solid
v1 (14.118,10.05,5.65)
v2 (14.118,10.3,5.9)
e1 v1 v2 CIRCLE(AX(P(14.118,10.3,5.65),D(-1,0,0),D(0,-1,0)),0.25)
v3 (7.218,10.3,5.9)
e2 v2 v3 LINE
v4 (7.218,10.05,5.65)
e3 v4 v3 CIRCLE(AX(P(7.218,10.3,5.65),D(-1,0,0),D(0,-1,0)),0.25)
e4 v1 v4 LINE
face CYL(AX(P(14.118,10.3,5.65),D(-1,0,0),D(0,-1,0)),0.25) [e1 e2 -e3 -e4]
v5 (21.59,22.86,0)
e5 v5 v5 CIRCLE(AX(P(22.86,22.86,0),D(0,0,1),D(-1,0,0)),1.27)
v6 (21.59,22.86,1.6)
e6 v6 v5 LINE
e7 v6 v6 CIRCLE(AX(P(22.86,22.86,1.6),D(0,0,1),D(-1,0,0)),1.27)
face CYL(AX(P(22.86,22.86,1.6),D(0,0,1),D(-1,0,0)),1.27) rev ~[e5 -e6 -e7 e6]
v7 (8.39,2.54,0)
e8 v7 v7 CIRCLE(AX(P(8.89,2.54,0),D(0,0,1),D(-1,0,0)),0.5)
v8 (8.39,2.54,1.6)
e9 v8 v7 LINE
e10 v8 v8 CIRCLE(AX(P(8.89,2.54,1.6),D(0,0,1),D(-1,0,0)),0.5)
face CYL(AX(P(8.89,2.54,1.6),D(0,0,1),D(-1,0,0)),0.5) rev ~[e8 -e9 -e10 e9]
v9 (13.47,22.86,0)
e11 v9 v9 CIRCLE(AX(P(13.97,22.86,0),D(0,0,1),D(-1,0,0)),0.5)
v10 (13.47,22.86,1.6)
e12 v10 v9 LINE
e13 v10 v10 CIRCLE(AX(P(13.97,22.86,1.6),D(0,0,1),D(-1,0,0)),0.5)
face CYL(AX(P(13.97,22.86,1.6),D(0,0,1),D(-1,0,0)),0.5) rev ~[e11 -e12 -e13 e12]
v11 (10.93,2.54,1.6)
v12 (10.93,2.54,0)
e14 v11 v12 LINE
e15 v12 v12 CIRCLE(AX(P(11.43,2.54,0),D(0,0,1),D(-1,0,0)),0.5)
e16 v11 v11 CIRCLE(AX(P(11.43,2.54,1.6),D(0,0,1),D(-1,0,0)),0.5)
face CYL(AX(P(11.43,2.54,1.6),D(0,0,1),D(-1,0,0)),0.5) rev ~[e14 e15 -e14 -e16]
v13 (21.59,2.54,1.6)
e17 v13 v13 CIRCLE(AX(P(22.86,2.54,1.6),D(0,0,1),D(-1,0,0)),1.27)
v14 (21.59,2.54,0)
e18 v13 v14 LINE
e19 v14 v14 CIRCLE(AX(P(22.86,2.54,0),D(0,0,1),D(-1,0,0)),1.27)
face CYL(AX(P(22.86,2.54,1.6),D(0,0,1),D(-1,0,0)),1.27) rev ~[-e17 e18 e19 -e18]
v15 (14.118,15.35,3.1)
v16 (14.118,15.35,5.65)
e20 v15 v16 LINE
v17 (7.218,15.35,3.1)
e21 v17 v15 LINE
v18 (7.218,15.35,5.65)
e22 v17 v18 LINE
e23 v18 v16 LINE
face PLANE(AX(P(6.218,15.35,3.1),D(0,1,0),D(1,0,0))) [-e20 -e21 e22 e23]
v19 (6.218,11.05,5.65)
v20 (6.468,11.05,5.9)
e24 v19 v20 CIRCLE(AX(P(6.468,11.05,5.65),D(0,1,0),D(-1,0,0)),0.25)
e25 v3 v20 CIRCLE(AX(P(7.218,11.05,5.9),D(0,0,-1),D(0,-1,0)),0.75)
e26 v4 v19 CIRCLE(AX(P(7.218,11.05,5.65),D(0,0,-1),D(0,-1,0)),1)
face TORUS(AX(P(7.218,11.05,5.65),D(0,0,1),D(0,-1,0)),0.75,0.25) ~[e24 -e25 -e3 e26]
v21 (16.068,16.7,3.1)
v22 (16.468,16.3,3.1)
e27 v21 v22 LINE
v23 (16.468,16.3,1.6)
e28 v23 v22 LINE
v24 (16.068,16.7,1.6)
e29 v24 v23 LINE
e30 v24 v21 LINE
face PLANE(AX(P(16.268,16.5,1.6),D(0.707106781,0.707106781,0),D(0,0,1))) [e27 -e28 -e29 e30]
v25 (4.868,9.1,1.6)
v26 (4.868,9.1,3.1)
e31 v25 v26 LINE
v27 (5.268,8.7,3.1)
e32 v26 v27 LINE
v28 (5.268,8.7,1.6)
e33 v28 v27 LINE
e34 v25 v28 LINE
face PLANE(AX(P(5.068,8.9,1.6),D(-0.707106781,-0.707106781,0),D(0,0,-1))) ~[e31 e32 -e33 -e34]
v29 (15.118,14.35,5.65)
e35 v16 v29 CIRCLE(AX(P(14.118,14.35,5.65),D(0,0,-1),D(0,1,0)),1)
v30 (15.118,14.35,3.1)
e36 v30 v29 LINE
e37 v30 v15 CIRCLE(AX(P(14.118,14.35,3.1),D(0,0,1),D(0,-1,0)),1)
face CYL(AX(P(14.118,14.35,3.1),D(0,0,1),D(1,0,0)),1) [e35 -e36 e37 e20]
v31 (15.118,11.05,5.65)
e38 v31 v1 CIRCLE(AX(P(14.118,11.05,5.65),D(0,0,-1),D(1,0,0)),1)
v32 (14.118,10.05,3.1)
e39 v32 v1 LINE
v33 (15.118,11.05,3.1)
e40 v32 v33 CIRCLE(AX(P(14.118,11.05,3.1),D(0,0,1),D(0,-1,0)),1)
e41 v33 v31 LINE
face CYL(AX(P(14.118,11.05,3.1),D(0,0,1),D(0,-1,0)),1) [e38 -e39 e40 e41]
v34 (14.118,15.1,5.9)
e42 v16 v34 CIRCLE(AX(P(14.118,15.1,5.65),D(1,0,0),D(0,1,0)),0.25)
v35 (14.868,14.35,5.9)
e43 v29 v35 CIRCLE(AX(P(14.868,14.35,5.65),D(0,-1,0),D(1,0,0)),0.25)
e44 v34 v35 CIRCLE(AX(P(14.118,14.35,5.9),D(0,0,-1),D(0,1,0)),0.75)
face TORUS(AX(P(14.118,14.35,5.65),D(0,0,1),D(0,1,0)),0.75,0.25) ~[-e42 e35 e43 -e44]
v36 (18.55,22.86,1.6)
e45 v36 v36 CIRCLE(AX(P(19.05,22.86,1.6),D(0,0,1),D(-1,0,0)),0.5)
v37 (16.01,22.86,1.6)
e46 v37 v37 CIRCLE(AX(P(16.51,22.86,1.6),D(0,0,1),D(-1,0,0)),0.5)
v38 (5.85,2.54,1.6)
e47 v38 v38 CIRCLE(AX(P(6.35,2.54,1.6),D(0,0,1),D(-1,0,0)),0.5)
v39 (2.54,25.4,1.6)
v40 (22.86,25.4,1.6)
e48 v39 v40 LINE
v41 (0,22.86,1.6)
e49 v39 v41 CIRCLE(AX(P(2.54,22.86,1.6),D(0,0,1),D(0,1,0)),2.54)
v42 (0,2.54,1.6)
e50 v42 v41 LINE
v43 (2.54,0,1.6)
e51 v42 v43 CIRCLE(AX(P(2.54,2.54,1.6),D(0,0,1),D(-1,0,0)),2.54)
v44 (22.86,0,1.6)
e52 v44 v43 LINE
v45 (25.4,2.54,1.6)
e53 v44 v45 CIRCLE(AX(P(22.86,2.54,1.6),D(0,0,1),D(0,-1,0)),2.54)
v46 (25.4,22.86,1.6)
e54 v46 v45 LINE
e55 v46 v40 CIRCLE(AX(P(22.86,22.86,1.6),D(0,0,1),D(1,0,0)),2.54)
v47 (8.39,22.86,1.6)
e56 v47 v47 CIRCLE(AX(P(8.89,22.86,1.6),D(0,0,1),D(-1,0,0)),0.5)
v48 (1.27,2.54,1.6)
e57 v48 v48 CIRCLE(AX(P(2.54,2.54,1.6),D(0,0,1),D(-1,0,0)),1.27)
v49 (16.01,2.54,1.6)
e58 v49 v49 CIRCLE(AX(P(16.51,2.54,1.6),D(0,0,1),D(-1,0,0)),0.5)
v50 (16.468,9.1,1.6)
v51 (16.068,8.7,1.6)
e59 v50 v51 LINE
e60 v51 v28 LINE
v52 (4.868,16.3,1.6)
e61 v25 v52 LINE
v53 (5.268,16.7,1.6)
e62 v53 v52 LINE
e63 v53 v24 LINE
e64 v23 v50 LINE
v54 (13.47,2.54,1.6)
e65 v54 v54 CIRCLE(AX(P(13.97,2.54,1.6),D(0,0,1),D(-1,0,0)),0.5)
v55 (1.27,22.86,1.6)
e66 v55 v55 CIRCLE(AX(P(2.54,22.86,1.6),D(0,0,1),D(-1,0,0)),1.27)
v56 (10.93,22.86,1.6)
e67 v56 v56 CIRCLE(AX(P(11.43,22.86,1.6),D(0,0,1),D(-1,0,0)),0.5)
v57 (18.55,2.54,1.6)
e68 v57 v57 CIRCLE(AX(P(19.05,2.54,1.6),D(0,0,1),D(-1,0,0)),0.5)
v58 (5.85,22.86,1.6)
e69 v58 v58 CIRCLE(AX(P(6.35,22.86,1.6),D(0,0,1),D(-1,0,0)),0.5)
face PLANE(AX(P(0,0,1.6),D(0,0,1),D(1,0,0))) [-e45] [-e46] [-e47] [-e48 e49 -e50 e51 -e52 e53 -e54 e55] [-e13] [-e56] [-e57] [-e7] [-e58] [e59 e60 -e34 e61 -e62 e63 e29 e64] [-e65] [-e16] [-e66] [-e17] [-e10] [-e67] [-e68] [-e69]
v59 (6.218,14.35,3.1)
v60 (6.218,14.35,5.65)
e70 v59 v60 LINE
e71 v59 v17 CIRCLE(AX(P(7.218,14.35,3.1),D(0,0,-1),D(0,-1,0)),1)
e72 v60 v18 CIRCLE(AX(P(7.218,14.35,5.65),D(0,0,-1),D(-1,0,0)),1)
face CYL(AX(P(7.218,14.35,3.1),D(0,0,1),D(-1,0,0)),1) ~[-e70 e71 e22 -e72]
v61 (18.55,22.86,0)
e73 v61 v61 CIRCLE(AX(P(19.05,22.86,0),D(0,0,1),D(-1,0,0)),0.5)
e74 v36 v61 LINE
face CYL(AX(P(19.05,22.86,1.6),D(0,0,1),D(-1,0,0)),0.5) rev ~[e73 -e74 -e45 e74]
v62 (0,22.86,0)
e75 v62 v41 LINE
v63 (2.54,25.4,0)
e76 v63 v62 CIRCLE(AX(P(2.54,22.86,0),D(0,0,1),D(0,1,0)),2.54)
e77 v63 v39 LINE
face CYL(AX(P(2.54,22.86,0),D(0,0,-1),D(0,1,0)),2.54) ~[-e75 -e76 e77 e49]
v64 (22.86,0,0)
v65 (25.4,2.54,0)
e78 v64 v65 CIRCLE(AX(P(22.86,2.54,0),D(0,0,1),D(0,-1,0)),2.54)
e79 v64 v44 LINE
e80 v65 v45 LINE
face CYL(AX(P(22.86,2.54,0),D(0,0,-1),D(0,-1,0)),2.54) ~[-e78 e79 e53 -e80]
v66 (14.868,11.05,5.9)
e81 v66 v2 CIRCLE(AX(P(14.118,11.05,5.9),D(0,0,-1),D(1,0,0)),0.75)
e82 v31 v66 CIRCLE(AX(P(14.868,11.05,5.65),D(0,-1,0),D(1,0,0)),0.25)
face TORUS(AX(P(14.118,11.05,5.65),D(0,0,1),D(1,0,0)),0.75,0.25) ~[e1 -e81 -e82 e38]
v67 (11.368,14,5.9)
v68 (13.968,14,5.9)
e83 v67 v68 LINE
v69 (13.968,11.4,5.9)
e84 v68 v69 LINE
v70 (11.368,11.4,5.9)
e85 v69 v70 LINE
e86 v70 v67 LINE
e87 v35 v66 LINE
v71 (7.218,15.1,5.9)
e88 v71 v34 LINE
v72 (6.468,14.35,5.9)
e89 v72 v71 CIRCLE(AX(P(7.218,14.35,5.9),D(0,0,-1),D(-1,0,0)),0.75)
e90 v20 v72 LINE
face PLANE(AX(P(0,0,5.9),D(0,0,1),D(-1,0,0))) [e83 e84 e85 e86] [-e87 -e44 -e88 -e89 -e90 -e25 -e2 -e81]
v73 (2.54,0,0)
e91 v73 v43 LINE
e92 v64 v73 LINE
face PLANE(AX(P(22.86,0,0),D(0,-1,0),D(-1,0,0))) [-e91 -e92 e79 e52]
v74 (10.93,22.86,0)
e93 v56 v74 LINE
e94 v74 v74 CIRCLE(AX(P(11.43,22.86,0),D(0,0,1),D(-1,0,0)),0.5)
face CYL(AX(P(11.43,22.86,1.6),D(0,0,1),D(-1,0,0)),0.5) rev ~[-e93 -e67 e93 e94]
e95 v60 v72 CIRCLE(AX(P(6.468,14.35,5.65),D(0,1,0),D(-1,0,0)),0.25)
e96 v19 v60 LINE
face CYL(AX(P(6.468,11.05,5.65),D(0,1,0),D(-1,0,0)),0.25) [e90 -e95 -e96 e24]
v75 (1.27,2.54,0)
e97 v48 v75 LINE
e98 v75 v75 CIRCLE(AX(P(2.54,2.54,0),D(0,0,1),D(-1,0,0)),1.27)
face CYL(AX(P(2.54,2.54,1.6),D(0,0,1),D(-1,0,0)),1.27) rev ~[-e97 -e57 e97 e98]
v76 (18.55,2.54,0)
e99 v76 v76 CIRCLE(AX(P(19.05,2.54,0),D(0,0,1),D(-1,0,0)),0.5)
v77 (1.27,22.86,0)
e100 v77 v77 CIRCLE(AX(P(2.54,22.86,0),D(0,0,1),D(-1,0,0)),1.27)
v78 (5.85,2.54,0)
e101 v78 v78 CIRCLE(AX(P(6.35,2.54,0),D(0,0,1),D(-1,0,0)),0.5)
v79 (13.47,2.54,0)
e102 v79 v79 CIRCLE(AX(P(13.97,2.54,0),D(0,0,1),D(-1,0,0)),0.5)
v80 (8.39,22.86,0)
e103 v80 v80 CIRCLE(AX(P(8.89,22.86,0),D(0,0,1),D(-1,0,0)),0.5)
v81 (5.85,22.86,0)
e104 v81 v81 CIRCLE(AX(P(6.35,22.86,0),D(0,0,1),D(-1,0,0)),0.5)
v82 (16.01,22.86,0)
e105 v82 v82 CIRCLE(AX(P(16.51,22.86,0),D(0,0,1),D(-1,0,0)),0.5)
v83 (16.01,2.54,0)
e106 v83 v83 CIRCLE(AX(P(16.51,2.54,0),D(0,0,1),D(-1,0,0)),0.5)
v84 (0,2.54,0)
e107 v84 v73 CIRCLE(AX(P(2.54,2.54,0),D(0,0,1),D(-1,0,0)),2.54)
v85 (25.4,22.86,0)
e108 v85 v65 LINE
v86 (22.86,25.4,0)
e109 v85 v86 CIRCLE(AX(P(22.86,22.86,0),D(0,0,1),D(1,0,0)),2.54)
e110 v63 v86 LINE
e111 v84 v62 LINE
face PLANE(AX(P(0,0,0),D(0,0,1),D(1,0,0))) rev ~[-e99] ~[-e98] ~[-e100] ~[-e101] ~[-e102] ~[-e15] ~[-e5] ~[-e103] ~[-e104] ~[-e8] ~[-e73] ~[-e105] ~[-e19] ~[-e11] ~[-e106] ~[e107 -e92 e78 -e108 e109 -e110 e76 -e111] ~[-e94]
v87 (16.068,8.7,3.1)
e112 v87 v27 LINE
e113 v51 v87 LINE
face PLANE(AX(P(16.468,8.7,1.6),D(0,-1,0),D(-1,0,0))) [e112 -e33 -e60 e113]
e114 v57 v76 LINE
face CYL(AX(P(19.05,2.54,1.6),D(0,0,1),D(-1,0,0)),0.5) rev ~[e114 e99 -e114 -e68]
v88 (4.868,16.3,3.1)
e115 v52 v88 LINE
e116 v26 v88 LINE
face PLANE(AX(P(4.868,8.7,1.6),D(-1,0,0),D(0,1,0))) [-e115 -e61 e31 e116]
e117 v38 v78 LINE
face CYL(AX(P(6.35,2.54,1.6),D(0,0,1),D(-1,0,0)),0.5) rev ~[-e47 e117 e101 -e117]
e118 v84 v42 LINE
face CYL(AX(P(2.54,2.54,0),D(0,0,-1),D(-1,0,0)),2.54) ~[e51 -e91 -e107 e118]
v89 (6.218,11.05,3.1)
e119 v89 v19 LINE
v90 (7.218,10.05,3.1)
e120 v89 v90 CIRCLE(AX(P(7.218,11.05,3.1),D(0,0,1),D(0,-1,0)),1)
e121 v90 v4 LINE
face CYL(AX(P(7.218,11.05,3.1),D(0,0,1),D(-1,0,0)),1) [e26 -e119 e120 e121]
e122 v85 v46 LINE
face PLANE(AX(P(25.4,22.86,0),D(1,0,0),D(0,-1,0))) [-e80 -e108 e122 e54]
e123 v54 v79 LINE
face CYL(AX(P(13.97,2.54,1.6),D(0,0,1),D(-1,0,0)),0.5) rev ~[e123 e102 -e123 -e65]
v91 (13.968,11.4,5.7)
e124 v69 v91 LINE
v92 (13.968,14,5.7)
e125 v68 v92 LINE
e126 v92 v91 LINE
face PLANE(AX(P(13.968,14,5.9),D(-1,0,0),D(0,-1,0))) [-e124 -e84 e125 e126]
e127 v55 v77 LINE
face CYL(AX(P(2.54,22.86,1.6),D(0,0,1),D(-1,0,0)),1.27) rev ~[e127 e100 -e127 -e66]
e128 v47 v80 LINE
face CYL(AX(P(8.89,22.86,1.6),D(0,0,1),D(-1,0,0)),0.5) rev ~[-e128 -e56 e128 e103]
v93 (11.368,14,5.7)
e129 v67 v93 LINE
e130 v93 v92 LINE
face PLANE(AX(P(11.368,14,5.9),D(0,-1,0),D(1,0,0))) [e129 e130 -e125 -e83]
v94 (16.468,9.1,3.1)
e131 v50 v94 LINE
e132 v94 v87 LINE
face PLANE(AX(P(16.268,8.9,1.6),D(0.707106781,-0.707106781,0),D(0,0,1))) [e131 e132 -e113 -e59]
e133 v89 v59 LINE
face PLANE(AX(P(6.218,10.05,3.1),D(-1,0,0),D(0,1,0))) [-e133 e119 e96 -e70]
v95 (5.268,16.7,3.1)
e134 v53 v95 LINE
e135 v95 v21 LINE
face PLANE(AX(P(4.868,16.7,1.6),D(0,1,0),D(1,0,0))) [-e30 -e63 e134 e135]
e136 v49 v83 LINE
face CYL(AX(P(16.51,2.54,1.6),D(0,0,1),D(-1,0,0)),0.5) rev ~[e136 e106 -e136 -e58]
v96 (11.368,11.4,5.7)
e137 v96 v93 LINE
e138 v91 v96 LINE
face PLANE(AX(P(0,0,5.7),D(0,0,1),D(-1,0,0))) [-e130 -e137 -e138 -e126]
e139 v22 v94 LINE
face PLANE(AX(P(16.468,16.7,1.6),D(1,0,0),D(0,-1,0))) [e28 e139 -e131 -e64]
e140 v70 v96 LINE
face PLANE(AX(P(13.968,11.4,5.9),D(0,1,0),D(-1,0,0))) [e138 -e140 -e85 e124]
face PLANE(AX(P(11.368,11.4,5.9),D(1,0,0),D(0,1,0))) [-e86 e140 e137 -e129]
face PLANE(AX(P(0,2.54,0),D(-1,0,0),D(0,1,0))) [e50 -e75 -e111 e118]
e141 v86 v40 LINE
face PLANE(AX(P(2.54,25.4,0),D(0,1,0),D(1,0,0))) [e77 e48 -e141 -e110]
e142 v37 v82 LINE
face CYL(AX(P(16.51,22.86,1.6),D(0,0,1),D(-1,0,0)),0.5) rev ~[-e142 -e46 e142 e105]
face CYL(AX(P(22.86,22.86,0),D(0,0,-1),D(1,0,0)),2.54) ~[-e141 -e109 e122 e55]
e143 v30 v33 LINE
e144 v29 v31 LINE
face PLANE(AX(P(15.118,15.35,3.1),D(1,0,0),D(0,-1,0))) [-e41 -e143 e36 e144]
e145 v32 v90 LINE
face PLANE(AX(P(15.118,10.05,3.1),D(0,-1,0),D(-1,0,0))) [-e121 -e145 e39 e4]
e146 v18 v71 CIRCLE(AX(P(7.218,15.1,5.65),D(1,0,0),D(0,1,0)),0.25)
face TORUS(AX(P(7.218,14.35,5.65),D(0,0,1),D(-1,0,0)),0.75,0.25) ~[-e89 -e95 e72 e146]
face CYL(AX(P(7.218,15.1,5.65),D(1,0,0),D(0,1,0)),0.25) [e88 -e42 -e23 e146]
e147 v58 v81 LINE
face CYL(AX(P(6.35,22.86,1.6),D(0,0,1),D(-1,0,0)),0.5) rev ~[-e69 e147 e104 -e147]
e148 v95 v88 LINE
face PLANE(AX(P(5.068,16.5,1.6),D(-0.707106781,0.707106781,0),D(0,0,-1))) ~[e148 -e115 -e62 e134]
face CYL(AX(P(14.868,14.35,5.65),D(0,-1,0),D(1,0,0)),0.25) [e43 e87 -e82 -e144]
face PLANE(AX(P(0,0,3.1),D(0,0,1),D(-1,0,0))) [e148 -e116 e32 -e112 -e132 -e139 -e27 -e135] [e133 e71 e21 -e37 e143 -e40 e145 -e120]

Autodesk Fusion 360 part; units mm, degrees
sketch "AMG8833_REV-B" plane through (0, 0, 0) normal (0, 0, 1) x (1, 0, 0)
  arc A0 (2.54, 25.4) -> (0, 22.86) centre (2.54, 22.86) ccw
  line L0 (2.54, 25.4) -> (22.86, 25.4)
  line L1 (22.86, 0) -> (2.54, 0)
  arc A1 (0, 2.54) -> (2.54, 0) centre (2.54, 2.54) ccw
  line L2 (0, 2.54) -> (0, 22.86)
  arc A2 (22.86, 0) -> (25.4, 2.54) centre (22.86, 2.54) ccw
  arc A3 (25.4, 22.86) -> (22.86, 25.4) centre (22.86, 22.86) ccw
  line L3 (25.4, 22.86) -> (25.4, 2.54)
  circle A4 centre (2.54, 22.86) radius 1.758
  circle A5 centre (8.89, 2.54) radius 0.889
  circle A6 centre (2.54, 22.86) radius 1.758
  circle A7 centre (11.43, 2.54) radius 0.889
  circle A8 centre (22.86, 22.86) radius 1.758
  circle A9 centre (22.86, 2.54) radius 1.758
  circle A10 centre (6.35, 2.54) radius 0.889
  circle A11 centre (22.86, 2.54) radius 1.758
  circle A12 centre (11.43, 2.54) radius 0.889
  circle A13 centre (16.51, 22.86) radius 0.889
  circle A14 centre (13.97, 22.86) radius 0.889
  circle A15 centre (6.35, 22.86) radius 0.889
  circle A16 centre (6.35, 22.86) radius 0.889
  circle A17 centre (2.54, 2.54) radius 1.758
  circle A18 centre (19.05, 22.86) radius 0.889
  circle A19 centre (8.89, 22.86) radius 0.889
  circle A20 centre (11.43, 22.86) radius 0.889
  circle A21 centre (11.43, 22.86) radius 0.889
  circle A22 centre (13.97, 2.54) radius 0.889
  circle A23 centre (16.51, 2.54) radius 0.889
  circle A24 centre (16.51, 2.54) radius 0.889
  circle A25 centre (19.05, 22.86) radius 0.889
  circle A26 centre (16.51, 22.86) radius 0.889
  circle A27 centre (13.97, 22.86) radius 0.889
  circle A28 centre (8.89, 22.86) radius 0.889
  circle A29 centre (6.35, 2.54) radius 0.889
  circle A30 centre (19.05, 2.54) radius 0.889
  circle A31 centre (8.89, 2.54) radius 0.889
  circle A32 centre (13.97, 2.54) radius 0.889
  circle A33 centre (22.86, 22.86) radius 1.758
  circle A34 centre (2.54, 2.54) radius 1.758
  circle A35 centre (19.05, 2.54) radius 0.889
extrude "Extrude2" add sketch "AMG8833_REV-B" along normal blind 1.6
sketch "holes" plane through (0, 0, 1.6) normal (0, 0, 1) x (-1, 0, 0)
  circle A0 centre (-19.05, -2.54) radius 0.889
  circle A1 centre (-6.35, -22.86) radius 0.889
  circle A2 centre (-2.54, -2.54) radius 1.758
  circle A3 centre (-13.97, -22.86) radius 0.889
  circle A4 centre (-19.05, -22.86) radius 0.889
  circle A5 centre (-22.86, -2.54) radius 1.758
  circle A6 centre (-22.86, -22.86) radius 1.758
  circle A7 centre (-6.35, -2.54) radius 0.889
  circle A8 centre (-16.51, -2.54) radius 0.889
  circle A9 centre (-2.54, -22.86) radius 1.758
  circle A10 centre (-13.97, -2.54) radius 0.889
  circle A11 centre (-8.89, -2.54) radius 0.889
  circle A12 centre (-8.89, -22.86) radius 0.889
  circle A13 centre (-11.43, -22.86) radius 0.889
  circle A14 centre (-11.43, -2.54) radius 0.889
  circle A15 centre (-16.51, -22.86) radius 0.889
  arc A16 (-2.54, -25.4) -> (0, -22.86) centre (-2.54, -22.86) ccw
  line L0 (0, -22.86) -> (0, -2.54)
  arc A17 (0, -2.54) -> (-2.54, 0) centre (-2.54, -2.54) ccw
  line L1 (-2.54, 0) -> (-22.86, 0)
  arc A18 (-22.86, 0) -> (-25.4, -2.54) centre (-22.86, -2.54) ccw
  line L2 (-25.4, -2.54) -> (-25.4, -22.86)
  arc A19 (-25.4, -22.86) -> (-22.86, -25.4) centre (-22.86, -22.86) ccw
  line L3 (-22.86, -25.4) -> (-2.54, -25.4)
  circle A20 centre (-22.86, -22.86) radius 1.27
  circle A21 centre (-2.54, -22.86) radius 1.27
  circle A22 centre (-2.54, -2.54) radius 1.27
  circle A23 centre (-22.86, -2.54) radius 1.27
  circle A24 centre (-19.05, -2.54) radius 0.5
  circle A25 centre (-16.51, -2.54) radius 0.5
  circle A26 centre (-13.97, -2.54) radius 0.5
  circle A27 centre (-11.43, -2.54) radius 0.5
  circle A28 centre (-8.89, -2.54) radius 0.5
  circle A29 centre (-6.35, -2.54) radius 0.5
  circle A30 centre (-19.05, -22.86) radius 0.5
  circle A31 centre (-16.51, -22.86) radius 0.5
  circle A32 centre (-13.97, -22.86) radius 0.5
  circle A33 centre (-11.43, -22.86) radius 0.5
  circle A34 centre (-8.89, -22.86) radius 0.5
  circle A35 centre (-6.35, -22.86) radius 0.5
  dimension "d5" = 2.54
  dimension "d6" = 2.54
  dimension "d7" = 2.54
  dimension "d8" = 2.54
  dimension "d9" = 1
  dimension "d15" = 2.54
  dimension "d16" = 0
  dimension "d17" = 1
  dimension "d20" = 2.54
  dimension "d21" = 0
extrude "Extrude3" add sketch "holes" against normal blind 1.6 contours A0 | A1 | A2 | A3 | A4 | A5 | A6 | A7 | A8 | A9 | A10 | A11 | A12 | A13 | A14 | A15
sketch "lens base" plane through (0, 0, 1.6) normal (0, 0, 1) x (-1, 0, 0)
  circle A0 centre (-22.86, -2.54) radius 1.27
  circle A1 centre (-11.43, -2.54) radius 0.5
  circle A2 centre (-22.86, -22.86) radius 1.27
  circle A3 centre (-11.43, -22.86) radius 0.5
  circle A4 centre (-2.54, -22.86) radius 1.27
  circle A5 centre (-13.97, -22.86) radius 0.5
  circle A6 centre (-2.54, -2.54) radius 1.27
  circle A7 centre (-13.97, -2.54) radius 0.5
  circle A8 centre (-19.05, -2.54) radius 0.5
  circle A9 centre (-8.89, -2.54) radius 0.5
  circle A10 centre (-19.05, -22.86) radius 0.5
  circle A11 centre (-8.89, -22.86) radius 0.5
  circle A12 centre (-6.35, -22.86) radius 0.5
  circle A13 centre (-16.51, -22.86) radius 0.5
  circle A14 centre (-6.35, -2.54) radius 0.5
  circle A15 centre (-16.51, -2.54) radius 0.5
  arc A16 (-2.54, -25.4) -> (0, -22.86) centre (-2.54, -22.86) ccw
  line L0 (0, -22.86) -> (0, -2.54)
  arc A17 (0, -2.54) -> (-2.54, 0) centre (-2.54, -2.54) ccw
  line L1 (-2.54, 0) -> (-22.86, 0)
  arc A18 (-22.86, 0) -> (-25.4, -2.54) centre (-22.86, -2.54) ccw
  line L2 (-25.4, -2.54) -> (-25.4, -22.86)
  arc A19 (-25.4, -22.86) -> (-22.86, -25.4) centre (-22.86, -22.86) ccw
  line L3 (-22.86, -25.4) -> (-2.54, -25.4)
  line L4 (-4.868, -16.7) -> (-16.468, -16.7)
  line L5 (-16.468, -16.7) -> (-16.468, -8.7)
  line L6 (-16.468, -8.7) -> (-4.868, -8.7)
  line L7 (-4.868, -8.7) -> (-4.868, -16.7)
  line L8 (-10.668, -16.7) -> (-10.668, -8.7) construction
  line L9 (-16.468, -12.7) -> (-4.868, -12.7) construction
  dimension "d24" = 11.6
  dimension "d25" = 8
  dimension "d26" = 10.668
  dimension "d27" = 12.7
extrude "Extrude4" add sketch "lens base" along normal blind 1.5 contours L4 L5 L6 L7
sketch "lens" plane through (0, 0, 3.1) normal (0, 0, 1) x (-1, 0, 0)
  line L0 (-4.868, -8.7) -> (-16.468, -8.7)
  line L1 (-16.468, -8.7) -> (-16.468, -16.7)
  line L2 (-16.468, -16.7) -> (-4.868, -16.7)
  line L3 (-4.868, -16.7) -> (-4.868, -8.7)
  line L4 (-11.368, -14) -> (-13.968, -14)
  line L5 (-13.968, -14) -> (-13.968, -11.4)
  line L6 (-13.968, -11.4) -> (-11.368, -11.4)
  line L7 (-11.368, -11.4) -> (-11.368, -14)
  line L8 (-11.368, -12.7) -> (-13.968, -12.7) construction
  line L9 (-12.668, -14) -> (-12.668, -11.4) construction
  line L10 (-10.668, -16.7) -> (-10.668, -8.7) construction
  line L11 (-4.868, -12.7) -> (-16.468, -12.7) construction
  line L12 (-6.218, -15.35) -> (-15.118, -15.35)
  line L13 (-15.118, -15.35) -> (-15.118, -10.05)
  line L14 (-15.118, -10.05) -> (-6.218, -10.05)
  line L15 (-6.218, -10.05) -> (-6.218, -15.35)
  line L16 (-10.668, -15.35) -> (-10.668, -10.05) construction
  line L17 (-6.218, -12.7) -> (-15.118, -12.7) construction
  dimension "d30" = 2.6
  dimension "d31" = 2.6
  dimension "d32" = 2
  dimension "d33" = 8.9
  dimension "d34" = 5.3
extrude "Extrude5" add sketch "lens" along normal blind 2.8 contours L4 L5 L6 L7 | L12 L13 L14 L15
fillet "Fillet1" radius 1 4 edges at (6.218, 10.05, 4.5) (6.218, 15.35, 4.5) (15.118, 10.05, 4.5) (15.118, 15.35, 4.5)
fillet "Fillet2" radius 0.25 8 edges at (6.5109, 15.0571, 5.9) (6.218, 12.7, 5.9) (6.5109, 10.3429, 5.9) (10.668, 10.05, 5.9) (14.8251, 10.3429, 5.9) (15.118, 12.7, 5.9) (14.8251, 15.0571, 5.9) (10.668, 15.35, 5.9)
chamfer "Chamfer1" distance 0.4 angle 45 4 edges at (4.868, 16.7, 2.35) (4.868, 8.7, 2.35) (16.468, 16.7, 2.35) (16.468, 8.7, 2.35)
extrude "Extrude6" cut sketch "lens" against normal blind 0.2 from surface at 2.8 contours L4 L5 L6 L7
